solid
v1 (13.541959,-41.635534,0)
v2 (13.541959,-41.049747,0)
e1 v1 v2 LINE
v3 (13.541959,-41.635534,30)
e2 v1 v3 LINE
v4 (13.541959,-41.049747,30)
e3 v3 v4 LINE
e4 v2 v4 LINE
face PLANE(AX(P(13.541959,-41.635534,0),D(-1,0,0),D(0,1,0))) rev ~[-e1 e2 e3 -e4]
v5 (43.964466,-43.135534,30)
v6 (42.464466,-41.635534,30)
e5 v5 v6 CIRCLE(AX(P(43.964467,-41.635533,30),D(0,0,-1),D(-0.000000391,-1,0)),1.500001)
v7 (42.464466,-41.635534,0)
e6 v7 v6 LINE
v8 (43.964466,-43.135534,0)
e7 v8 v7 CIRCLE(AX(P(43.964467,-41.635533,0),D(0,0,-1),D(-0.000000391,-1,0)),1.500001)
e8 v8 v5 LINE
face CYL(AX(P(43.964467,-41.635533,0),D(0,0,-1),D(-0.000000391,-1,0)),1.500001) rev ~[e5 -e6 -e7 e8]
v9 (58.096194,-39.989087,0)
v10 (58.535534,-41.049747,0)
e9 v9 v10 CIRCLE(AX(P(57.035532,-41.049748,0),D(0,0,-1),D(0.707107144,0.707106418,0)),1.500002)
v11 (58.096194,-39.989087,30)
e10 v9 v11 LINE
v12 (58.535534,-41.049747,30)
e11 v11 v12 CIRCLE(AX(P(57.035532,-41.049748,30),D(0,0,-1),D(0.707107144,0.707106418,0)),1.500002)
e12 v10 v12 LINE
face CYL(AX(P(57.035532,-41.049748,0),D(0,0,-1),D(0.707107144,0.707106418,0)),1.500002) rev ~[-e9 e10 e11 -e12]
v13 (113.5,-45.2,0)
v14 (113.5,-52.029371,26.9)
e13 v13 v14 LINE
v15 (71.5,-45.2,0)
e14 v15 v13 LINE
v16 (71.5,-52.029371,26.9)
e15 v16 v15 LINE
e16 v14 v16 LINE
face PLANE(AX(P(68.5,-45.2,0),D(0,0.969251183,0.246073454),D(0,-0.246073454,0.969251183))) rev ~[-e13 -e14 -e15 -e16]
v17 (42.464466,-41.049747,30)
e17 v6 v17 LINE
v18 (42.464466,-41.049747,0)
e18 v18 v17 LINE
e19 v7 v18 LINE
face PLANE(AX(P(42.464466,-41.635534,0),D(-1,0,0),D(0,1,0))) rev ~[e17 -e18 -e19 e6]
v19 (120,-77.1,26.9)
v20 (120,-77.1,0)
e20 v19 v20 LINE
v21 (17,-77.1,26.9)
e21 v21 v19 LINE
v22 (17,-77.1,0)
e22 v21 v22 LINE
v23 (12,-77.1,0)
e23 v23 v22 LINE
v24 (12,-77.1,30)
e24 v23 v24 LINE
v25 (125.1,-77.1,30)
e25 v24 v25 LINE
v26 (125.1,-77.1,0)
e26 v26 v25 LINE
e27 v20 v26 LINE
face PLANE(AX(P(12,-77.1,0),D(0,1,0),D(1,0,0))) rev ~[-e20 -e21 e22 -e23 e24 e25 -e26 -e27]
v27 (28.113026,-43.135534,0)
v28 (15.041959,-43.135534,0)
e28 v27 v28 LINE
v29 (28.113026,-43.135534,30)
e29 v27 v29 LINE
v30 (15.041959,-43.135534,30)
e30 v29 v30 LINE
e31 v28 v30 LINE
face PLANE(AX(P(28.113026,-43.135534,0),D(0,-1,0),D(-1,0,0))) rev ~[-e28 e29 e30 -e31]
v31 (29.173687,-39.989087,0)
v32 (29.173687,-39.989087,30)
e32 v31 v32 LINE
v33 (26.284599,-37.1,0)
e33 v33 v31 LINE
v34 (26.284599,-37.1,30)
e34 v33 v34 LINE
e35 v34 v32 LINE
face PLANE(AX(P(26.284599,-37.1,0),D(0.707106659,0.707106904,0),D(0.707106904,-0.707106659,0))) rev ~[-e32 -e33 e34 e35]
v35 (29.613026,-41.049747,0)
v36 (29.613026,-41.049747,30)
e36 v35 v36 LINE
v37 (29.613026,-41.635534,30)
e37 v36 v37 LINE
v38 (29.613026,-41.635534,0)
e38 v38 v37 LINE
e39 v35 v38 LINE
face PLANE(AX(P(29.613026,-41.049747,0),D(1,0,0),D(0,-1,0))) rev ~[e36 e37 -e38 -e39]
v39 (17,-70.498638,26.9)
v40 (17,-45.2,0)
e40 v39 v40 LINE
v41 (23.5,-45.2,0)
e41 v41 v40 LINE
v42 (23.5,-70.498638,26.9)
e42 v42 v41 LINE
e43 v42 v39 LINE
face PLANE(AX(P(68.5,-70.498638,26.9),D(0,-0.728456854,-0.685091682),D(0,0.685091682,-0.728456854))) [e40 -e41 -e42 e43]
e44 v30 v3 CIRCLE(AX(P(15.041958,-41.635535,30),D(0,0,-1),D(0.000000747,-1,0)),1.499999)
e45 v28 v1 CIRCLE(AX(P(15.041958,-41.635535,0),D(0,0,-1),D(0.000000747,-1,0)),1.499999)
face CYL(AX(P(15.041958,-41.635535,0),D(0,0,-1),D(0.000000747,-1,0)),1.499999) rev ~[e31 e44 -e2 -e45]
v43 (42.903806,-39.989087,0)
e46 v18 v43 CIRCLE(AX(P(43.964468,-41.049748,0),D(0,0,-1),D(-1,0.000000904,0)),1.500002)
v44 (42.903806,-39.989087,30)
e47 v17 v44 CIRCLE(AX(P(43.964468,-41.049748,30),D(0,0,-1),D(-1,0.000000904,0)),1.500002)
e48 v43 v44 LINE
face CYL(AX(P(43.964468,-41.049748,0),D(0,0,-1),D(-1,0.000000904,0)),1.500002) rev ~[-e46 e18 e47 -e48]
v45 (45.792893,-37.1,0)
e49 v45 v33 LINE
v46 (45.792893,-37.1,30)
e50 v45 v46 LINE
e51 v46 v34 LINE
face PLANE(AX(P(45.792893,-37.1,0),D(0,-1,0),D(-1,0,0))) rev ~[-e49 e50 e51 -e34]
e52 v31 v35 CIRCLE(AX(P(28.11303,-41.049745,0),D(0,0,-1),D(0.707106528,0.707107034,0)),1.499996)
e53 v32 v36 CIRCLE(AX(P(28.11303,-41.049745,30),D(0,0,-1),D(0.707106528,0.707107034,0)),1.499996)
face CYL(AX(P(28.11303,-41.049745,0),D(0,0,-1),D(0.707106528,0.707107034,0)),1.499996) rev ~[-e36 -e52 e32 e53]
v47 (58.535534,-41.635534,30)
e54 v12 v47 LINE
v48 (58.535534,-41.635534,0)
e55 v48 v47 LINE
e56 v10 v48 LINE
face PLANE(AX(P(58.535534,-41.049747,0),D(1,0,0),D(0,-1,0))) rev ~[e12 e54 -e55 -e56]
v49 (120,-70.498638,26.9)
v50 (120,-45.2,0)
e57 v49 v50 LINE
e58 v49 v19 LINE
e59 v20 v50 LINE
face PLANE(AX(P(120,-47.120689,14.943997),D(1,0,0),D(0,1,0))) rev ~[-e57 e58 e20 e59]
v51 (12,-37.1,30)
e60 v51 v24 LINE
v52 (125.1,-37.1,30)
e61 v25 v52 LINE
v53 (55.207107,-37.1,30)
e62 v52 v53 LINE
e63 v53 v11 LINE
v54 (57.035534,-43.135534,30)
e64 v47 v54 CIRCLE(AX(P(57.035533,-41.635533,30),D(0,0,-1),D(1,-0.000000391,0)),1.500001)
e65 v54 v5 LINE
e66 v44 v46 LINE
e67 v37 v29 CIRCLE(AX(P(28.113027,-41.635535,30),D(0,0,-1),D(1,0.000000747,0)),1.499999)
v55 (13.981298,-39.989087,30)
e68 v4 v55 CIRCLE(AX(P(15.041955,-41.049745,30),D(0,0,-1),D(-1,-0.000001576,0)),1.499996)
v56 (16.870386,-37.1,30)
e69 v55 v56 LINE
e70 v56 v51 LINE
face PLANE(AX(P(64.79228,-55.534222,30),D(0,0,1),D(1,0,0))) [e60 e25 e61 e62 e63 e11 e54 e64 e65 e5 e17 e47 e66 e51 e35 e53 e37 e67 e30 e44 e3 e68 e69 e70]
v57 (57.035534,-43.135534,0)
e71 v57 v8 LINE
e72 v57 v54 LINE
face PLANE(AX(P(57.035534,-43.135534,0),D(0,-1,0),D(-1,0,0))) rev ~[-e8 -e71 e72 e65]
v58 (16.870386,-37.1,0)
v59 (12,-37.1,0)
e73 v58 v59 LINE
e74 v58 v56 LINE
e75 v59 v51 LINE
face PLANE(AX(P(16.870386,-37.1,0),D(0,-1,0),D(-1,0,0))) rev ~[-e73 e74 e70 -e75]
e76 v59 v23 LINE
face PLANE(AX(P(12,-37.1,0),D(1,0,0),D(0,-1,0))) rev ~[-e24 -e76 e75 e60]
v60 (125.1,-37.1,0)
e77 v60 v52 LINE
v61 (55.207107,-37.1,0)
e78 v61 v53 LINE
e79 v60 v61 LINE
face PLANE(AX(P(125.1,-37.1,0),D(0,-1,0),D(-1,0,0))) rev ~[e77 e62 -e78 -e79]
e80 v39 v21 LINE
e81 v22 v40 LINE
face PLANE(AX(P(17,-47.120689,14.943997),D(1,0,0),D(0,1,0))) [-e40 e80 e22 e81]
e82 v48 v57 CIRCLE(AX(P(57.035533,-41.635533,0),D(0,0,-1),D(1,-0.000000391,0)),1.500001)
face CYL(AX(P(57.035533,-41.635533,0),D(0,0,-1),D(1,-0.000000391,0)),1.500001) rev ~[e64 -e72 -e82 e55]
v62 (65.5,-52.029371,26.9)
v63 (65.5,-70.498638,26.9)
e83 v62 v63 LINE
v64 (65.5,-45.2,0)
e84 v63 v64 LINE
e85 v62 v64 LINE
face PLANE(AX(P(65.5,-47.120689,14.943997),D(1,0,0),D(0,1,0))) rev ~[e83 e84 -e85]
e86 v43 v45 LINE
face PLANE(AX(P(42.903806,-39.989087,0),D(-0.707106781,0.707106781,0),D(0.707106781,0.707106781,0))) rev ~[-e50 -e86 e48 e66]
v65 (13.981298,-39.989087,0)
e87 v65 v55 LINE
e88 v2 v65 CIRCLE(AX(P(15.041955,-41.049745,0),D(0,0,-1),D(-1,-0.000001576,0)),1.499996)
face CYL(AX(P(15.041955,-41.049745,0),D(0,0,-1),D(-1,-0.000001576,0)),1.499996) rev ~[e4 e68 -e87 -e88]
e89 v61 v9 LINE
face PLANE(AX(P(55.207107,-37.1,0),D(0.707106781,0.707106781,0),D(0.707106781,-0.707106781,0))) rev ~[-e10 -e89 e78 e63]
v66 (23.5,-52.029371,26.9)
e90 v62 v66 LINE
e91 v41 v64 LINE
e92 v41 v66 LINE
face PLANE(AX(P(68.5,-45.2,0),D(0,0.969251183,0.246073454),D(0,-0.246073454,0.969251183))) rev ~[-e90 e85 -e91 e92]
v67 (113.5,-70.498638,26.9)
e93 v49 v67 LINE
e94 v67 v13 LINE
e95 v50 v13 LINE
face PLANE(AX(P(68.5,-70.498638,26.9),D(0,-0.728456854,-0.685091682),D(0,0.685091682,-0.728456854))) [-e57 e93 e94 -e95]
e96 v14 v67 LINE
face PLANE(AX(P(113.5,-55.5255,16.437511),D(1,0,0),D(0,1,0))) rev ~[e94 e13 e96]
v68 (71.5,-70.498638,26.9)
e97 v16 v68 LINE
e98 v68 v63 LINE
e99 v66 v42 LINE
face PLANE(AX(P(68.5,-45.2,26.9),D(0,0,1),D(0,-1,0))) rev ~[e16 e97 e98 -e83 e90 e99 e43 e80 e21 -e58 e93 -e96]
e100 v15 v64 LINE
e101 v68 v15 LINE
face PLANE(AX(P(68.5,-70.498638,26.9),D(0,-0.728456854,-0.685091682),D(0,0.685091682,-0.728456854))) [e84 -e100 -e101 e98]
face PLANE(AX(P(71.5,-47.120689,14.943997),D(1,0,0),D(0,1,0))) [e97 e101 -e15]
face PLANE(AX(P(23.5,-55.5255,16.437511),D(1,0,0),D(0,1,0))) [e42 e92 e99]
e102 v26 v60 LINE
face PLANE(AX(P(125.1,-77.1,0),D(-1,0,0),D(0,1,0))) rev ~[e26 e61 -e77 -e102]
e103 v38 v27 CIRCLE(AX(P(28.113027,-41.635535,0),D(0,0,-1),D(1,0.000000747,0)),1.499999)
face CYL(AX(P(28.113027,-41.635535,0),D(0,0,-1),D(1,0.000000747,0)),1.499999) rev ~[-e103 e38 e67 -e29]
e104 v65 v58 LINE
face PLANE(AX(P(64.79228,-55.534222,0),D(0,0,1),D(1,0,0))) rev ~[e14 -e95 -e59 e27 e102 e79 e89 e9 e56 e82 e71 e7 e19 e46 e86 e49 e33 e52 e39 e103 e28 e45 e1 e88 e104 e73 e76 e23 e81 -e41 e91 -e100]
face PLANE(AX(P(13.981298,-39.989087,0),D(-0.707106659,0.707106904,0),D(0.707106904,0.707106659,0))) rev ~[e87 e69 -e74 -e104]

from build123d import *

# Parameters (mm, degrees)
F1_DEPTH = 30
F4_DEPTH = 51.5
F5_DEPTH = 53.5
F6_DEPTH = 45
F7_DEPTH = 3


with BuildPart() as f1:
    # F0 (on Top) → F1 (new body)
    with BuildSketch(Plane.XY):
        with BuildLine():
            Line((92.1, -37.1), (90, -37.1))
            Line((90, -37.1), (70.1, -37.1))
            Line((70.1, -37.1), (55.207107, -37.1))
            Line((55.207107, -37.1), (58.096194, -39.989087))
            ThreePointArc((58.096194, -39.989087), (58.421353, -40.475722), (58.535534, -41.049747))
            Line((58.535534, -41.049747), (58.535534, -41.635534))
            ThreePointArc((58.535534, -41.635534), (58.096194, -42.696194), (57.035534, -43.135534))
            Line((57.035534, -43.135534), (43.964466, -43.135534))
            ThreePointArc((43.964466, -43.135534), (42.903806, -42.696194), (42.464466, -41.635534))
            Line((42.464466, -41.635534), (42.464466, -41.049747))
            ThreePointArc((42.464466, -41.049747), (42.578647, -40.475722), (42.903806, -39.989087))
            Line((42.903806, -39.989087), (45.792893, -37.1))
            Line((45.792893, -37.1), (45, -37.1))
            Line((45, -37.1), (26.284599, -37.1))
            Line((26.284599, -37.1), (29.173687, -39.989087))
            ThreePointArc((29.173687, -39.989087), (29.498846, -40.475722), (29.613026, -41.049747))
            Line((29.613026, -41.049747), (29.613026, -41.635534))
            ThreePointArc((29.613026, -41.635534), (29.173687, -42.696194), (28.113026, -43.135534))
            Line((28.113026, -43.135534), (15.041959, -43.135534))
            ThreePointArc((15.041959, -43.135534), (13.981298, -42.696194), (13.541959, -41.635534))
            Line((13.541959, -41.635534), (13.541959, -41.049747))
            ThreePointArc((13.541959, -41.049747), (13.656139, -40.475722), (13.981298, -39.989087))
            Line((13.981298, -39.989087), (16.870386, -37.1))
            Line((16.870386, -37.1), (12, -37.1))
            Line((12, -37.1), (12, -77.1))
            Line((12, -77.1), (125.1, -77.1))
            Line((125.1, -77.1), (125.1, -37.1))
            Line((125.1, -37.1), (92.1, -37.1))
        make_face()
    extrude(amount=F1_DEPTH)

    # F3 (on offset) → F4 (cut, symmetric)
    with BuildSketch(Plane.YZ.offset(68.5)):
        Polygon((-52.029371, 26.9), (-45.2, 0), (-45.2, 26.9), align=None)
        Polygon((-77.2, 0), (-45.2, 0), (-70.498638, 26.9), (-77.2, 26.9), align=None)
        Polygon((-70.498638, 26.9), (-45.2, 0), (-52.029371, 26.9), align=None)
    extrude(amount=F4_DEPTH, both=True, mode=Mode.SUBTRACT)

    # F3 (on offset) → F5 (join, symmetric)
    with BuildSketch(Plane.YZ.offset(68.5)):
        Polygon((-52.029371, 26.9), (-45.2, 0), (-45.2, 26.9), align=None)
        Polygon((-70.498638, 26.9), (-45.2, 0), (-52.029371, 26.9), align=None)
    extrude(amount=F5_DEPTH, both=True)

    # F3 (on offset) → F6 (cut, symmetric)
    with BuildSketch(Plane.YZ.offset(68.5)):
        Polygon((-70.498638, 26.9), (-45.2, 0), (-52.029371, 26.9), align=None)
    extrude(amount=F6_DEPTH, both=True, mode=Mode.SUBTRACT)

    # F3 (on offset) → F7 (join, symmetric)
    with BuildSketch(Plane.YZ.offset(68.5)):
        Polygon((-52.029371, 26.9), (-45.2, 0), (-45.2, 26.9), align=None)
        Polygon((-70.498638, 26.9), (-45.2, 0), (-52.029371, 26.9), align=None)
    extrude(amount=F7_DEPTH, both=True)


solid = f1.part
